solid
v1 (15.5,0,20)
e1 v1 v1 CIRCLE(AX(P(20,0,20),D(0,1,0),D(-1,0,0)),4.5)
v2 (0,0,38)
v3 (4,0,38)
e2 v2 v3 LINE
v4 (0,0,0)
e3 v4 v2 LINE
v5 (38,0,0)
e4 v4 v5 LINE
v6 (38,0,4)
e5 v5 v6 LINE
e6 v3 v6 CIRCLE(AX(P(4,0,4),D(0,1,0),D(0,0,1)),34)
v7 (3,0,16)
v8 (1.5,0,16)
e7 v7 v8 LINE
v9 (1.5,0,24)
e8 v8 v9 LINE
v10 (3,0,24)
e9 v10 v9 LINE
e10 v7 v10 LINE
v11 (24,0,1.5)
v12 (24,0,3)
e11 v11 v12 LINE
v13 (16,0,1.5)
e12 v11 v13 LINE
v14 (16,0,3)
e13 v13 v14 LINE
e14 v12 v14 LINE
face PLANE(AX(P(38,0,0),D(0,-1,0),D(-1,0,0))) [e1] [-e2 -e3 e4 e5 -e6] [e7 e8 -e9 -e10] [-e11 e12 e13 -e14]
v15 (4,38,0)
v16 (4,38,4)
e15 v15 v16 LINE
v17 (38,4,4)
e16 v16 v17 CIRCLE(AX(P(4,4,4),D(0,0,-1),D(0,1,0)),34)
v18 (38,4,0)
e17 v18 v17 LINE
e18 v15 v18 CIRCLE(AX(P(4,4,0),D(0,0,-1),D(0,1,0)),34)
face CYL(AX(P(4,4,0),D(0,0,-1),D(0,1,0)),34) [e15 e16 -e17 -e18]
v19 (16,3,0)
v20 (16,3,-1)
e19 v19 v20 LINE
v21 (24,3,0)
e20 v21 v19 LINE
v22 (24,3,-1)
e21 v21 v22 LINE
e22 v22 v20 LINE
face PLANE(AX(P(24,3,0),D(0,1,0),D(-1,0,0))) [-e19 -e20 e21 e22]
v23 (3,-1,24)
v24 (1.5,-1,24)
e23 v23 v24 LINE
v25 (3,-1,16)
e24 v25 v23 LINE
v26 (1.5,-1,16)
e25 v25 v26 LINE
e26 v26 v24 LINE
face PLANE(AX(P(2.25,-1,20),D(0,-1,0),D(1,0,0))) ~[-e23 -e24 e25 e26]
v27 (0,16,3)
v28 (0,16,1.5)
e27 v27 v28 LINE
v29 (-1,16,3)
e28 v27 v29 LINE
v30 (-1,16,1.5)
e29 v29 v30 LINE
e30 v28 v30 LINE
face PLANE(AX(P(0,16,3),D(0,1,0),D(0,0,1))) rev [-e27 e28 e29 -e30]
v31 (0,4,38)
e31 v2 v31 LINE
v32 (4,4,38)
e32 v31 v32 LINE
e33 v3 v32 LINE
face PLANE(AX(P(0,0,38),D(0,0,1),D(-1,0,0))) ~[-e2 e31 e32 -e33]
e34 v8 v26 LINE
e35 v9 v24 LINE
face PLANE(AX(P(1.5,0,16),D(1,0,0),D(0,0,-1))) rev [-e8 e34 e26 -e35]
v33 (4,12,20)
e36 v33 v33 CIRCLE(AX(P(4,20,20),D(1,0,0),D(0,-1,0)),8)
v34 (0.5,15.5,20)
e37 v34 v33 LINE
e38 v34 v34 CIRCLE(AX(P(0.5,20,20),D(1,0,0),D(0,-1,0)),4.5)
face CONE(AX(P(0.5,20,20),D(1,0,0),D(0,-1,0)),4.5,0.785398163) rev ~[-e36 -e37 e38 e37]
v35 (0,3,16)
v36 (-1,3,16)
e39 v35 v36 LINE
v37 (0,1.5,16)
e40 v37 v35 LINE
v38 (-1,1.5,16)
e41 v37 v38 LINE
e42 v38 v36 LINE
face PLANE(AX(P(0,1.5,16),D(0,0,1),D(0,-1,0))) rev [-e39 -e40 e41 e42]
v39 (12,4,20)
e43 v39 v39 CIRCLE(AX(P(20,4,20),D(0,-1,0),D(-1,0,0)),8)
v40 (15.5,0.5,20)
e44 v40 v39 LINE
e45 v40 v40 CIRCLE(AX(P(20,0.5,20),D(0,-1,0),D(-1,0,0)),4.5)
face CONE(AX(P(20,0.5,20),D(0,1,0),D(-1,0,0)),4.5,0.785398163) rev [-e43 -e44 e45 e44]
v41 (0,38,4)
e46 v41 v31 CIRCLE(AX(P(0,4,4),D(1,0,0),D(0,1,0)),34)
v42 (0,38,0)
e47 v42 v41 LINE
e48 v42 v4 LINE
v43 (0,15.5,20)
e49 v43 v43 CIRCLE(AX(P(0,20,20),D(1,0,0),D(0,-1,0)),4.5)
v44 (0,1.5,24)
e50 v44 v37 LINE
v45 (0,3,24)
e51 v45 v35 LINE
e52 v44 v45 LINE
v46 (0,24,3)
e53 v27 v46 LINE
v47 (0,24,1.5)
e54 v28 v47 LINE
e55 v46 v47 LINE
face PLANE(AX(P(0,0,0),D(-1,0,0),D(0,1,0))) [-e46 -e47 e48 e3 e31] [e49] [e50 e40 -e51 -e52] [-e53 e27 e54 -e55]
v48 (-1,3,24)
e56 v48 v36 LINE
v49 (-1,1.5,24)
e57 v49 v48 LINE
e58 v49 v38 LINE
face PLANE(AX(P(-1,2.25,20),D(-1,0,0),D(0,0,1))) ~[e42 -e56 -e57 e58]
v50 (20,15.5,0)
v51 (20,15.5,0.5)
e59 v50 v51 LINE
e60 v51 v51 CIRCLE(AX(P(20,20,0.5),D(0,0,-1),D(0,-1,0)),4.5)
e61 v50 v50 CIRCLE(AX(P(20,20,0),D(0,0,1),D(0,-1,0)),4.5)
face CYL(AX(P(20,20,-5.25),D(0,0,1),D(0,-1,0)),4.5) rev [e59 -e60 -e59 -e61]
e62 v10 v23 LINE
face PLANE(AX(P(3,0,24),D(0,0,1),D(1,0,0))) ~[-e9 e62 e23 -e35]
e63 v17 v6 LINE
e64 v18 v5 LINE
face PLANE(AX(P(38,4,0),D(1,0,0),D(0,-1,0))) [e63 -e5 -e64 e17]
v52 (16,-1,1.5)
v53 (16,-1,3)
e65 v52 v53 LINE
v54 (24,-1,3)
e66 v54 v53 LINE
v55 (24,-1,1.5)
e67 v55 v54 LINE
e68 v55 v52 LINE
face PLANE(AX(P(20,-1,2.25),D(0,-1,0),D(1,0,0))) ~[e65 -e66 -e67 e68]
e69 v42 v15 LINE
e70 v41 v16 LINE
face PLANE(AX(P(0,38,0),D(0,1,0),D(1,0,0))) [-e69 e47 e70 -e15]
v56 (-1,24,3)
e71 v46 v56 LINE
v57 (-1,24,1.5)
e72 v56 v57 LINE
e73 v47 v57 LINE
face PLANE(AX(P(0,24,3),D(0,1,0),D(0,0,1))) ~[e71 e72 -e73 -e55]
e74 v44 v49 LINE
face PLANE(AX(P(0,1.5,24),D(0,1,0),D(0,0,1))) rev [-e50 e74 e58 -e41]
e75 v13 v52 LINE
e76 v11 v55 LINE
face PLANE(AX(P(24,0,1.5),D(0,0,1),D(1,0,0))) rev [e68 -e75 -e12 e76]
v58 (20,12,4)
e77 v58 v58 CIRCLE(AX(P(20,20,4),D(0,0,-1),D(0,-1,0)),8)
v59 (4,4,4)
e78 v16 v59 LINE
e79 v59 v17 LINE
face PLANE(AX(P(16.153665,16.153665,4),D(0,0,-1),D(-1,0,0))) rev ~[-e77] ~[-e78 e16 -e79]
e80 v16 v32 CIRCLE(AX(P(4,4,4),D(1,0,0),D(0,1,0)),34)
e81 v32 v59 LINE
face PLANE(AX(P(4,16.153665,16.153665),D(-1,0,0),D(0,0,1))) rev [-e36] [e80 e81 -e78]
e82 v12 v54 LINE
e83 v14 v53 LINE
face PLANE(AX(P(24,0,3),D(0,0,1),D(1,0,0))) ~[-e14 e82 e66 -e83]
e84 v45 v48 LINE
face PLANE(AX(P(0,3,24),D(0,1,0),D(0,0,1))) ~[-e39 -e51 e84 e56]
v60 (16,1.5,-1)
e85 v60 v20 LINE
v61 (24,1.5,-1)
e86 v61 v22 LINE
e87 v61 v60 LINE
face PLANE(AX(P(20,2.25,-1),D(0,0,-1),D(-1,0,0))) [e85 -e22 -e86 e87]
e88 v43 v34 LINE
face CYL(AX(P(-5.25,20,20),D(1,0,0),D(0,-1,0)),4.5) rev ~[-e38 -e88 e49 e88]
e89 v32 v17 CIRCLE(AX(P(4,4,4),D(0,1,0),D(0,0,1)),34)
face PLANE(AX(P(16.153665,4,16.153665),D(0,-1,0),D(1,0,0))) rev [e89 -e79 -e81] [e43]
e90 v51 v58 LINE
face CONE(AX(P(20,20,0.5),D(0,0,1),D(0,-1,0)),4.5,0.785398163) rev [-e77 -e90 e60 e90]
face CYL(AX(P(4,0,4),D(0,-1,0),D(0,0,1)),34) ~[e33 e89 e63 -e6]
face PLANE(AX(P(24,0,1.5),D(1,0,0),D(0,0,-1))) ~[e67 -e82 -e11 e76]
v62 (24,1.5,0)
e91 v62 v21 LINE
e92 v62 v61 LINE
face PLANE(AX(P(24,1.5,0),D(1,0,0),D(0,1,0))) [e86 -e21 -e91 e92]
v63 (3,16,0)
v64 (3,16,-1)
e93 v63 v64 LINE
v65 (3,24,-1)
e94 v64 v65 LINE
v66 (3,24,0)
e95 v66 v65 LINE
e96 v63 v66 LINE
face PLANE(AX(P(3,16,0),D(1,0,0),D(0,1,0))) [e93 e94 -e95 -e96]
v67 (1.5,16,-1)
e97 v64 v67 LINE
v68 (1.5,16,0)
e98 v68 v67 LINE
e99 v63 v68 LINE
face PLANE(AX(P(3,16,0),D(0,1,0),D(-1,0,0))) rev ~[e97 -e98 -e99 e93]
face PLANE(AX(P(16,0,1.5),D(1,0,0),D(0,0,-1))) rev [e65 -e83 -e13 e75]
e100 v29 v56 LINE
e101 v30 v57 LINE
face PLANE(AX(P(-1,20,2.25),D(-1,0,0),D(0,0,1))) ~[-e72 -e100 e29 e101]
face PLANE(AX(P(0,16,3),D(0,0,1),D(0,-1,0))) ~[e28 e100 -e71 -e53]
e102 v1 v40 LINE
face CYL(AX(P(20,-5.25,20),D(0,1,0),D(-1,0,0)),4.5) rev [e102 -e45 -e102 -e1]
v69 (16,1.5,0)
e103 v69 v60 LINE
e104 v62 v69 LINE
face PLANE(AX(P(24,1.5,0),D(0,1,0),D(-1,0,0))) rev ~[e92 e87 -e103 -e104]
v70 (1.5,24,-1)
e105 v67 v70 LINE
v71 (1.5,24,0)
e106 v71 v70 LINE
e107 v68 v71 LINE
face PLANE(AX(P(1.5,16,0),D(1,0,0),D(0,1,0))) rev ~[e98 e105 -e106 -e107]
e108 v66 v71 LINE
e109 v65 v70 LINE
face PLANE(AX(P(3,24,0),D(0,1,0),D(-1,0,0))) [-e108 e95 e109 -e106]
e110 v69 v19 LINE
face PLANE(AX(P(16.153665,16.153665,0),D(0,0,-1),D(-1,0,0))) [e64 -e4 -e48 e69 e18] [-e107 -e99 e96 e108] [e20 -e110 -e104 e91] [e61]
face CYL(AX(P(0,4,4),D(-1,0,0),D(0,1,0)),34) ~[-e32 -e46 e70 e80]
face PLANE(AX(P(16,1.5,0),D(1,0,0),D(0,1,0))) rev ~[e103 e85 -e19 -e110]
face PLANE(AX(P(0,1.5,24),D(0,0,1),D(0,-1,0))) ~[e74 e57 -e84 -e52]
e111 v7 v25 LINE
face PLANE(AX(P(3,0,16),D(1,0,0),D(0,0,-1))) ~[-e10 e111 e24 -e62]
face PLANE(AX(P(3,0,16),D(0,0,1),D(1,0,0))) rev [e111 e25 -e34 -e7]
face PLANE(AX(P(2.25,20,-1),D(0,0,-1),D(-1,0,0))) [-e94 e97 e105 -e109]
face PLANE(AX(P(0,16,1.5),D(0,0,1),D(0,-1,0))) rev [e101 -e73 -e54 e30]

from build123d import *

# Parameters (mm, degrees)
EXTRUDE_1_DEPTH            = 4
SKETCH_4_W                 = 1.5
SKETCH_4_H                 = 8
SKETCH_4_W_2               = 8
SKETCH_4_H_2               = 1.5
EXTRUDE_2_DEPTH            = 1
MIRROR_2_COPY_1_DEPTH      = 4
MIRROR_2_COPY_3_SKETCH_W   = 1.5
MIRROR_2_COPY_3_SKETCH_H   = 8
MIRROR_2_COPY_3_SKETCH_W_2 = 8
MIRROR_2_COPY_3_SKETCH_H_2 = 1.5
MIRROR_2_COPY_3_DEPTH      = 1


with BuildPart() as part:
    # Эскиз1 → Бобышка-Вытянуть1 (new body)
    with BuildSketch(Plane.XY):
        with BuildLine():
            Line((0, 0), (0, 38))
            Line((0, 38), (4, 38))
            ThreePointArc((4, 38), (28.04163056, 28.04163056), (38, 4))
            Line((38, 4), (38, 0))
            Line((38, 0), (0, 0))
        make_face()
    extrude_1 = extrude(amount=EXTRUDE_1_DEPTH)

    # Эскиз3 → Зенковка для винта с полупотайной головкой M81 (revolve, cut)
    with BuildSketch(Plane(origin=(20, 20, 4), x_dir=(0, -1, 0), z_dir=(1, 0, 0))):
        Polygon((0, 0), (0, 11.953872786), (4.5, 9.25), (4.5, 3.5), (8, 0), align=None)
    hole_wizard_m81 = revolve(axis=Axis((20, 20, 10.35), (0, 0, -1)), mode=Mode.SUBTRACT)

    # Эскиз4 → Бобышка-Вытянуть2 (add)
    with BuildSketch(Plane(origin=(0, 0, 0), x_dir=(-1, 0, 0), z_dir=(0, 0, -1))):
        with Locations((-2.25, 20)):
            Rectangle(SKETCH_4_W, SKETCH_4_H)
        with Locations((-20, 2.25)):
            Rectangle(SKETCH_4_W_2, SKETCH_4_H_2)
    extrude_2 = extrude(amount=EXTRUDE_2_DEPTH)

    # Зеркальное отражение1: Бобышка-Вытянуть1, Зенковка для винта с полупотайной головкой M81, Бобышка-Вытянуть2 across plane
    add(extrude_1.mirror(Plane(origin=(0, 0, 0), x_dir=(0, 0.707106781, 0.707106781), z_dir=(0, -0.707106781, 0.707106781))))
    add(hole_wizard_m81.mirror(Plane(origin=(0, 0, 0), x_dir=(0, 0.707106781, 0.707106781), z_dir=(0, -0.707106781, 0.707106781))), mode=Mode.SUBTRACT)
    add(extrude_2.mirror(Plane(origin=(0, 0, 0), x_dir=(0, 0.707106781, 0.707106781), z_dir=(0, -0.707106781, 0.707106781))))

    # Зеркальное отражение2: Бобышка-Вытянуть1, Зенковка для винта с полупотайной головкой M81, Бобышка-Вытянуть2 across plane
    add(extrude_1.mirror(Plane(origin=(0, 0, 0), x_dir=(0.707106781, 0, 0.707106781), z_dir=(-0.707106781, 0, 0.707106781))))
    add(hole_wizard_m81.mirror(Plane(origin=(0, 0, 0), x_dir=(0.707106781, 0, 0.707106781), z_dir=(-0.707106781, 0, 0.707106781))), mode=Mode.SUBTRACT)
    add(extrude_2.mirror(Plane(origin=(0, 0, 0), x_dir=(0.707106781, 0, 0.707106781), z_dir=(-0.707106781, 0, 0.707106781))))

    # Зеркальное отражение2 copy 1 sketch → Зеркальное отражение2 copy 1 (add)
    with BuildSketch(Plane.ZX):
        with BuildLine():
            Line((0, 0), (0, 38))
            Line((0, 38), (4, 38))
            ThreePointArc((4, 38), (28.04163056, 28.04163056), (38, 4))
            Line((38, 4), (38, 0))
            Line((38, 0), (0, 0))
        make_face()
    extrude(amount=MIRROR_2_COPY_1_DEPTH)

    # Зеркальное отражение2 copy 2 sketch → Зеркальное отражение2 copy 2 (revolve, cut)
    with BuildSketch(Plane(origin=(20, 4, 20), x_dir=(-1, 0, 0), z_dir=(0, 0, 1))):
        Polygon((0, 0), (0, 11.953872786), (4.5, 9.25), (4.5, 3.5), (8, 0), align=None)
    revolve(axis=Axis((20, 10.35, 20), (0, -1, 0)), mode=Mode.SUBTRACT)

    # Зеркальное отражение2 copy 3 sketch → Зеркальное отражение2 copy 3 (add)
    with BuildSketch(Plane(origin=(0, 0, 0), x_dir=(0, 0, -1), z_dir=(0, -1, 0))):
        with Locations((-2.25, 20)):
            Rectangle(MIRROR_2_COPY_3_SKETCH_W, MIRROR_2_COPY_3_SKETCH_H)
        with Locations((-20, 2.25)):
            Rectangle(MIRROR_2_COPY_3_SKETCH_W_2, MIRROR_2_COPY_3_SKETCH_H_2)
    extrude(amount=MIRROR_2_COPY_3_DEPTH)


solid = part.part
